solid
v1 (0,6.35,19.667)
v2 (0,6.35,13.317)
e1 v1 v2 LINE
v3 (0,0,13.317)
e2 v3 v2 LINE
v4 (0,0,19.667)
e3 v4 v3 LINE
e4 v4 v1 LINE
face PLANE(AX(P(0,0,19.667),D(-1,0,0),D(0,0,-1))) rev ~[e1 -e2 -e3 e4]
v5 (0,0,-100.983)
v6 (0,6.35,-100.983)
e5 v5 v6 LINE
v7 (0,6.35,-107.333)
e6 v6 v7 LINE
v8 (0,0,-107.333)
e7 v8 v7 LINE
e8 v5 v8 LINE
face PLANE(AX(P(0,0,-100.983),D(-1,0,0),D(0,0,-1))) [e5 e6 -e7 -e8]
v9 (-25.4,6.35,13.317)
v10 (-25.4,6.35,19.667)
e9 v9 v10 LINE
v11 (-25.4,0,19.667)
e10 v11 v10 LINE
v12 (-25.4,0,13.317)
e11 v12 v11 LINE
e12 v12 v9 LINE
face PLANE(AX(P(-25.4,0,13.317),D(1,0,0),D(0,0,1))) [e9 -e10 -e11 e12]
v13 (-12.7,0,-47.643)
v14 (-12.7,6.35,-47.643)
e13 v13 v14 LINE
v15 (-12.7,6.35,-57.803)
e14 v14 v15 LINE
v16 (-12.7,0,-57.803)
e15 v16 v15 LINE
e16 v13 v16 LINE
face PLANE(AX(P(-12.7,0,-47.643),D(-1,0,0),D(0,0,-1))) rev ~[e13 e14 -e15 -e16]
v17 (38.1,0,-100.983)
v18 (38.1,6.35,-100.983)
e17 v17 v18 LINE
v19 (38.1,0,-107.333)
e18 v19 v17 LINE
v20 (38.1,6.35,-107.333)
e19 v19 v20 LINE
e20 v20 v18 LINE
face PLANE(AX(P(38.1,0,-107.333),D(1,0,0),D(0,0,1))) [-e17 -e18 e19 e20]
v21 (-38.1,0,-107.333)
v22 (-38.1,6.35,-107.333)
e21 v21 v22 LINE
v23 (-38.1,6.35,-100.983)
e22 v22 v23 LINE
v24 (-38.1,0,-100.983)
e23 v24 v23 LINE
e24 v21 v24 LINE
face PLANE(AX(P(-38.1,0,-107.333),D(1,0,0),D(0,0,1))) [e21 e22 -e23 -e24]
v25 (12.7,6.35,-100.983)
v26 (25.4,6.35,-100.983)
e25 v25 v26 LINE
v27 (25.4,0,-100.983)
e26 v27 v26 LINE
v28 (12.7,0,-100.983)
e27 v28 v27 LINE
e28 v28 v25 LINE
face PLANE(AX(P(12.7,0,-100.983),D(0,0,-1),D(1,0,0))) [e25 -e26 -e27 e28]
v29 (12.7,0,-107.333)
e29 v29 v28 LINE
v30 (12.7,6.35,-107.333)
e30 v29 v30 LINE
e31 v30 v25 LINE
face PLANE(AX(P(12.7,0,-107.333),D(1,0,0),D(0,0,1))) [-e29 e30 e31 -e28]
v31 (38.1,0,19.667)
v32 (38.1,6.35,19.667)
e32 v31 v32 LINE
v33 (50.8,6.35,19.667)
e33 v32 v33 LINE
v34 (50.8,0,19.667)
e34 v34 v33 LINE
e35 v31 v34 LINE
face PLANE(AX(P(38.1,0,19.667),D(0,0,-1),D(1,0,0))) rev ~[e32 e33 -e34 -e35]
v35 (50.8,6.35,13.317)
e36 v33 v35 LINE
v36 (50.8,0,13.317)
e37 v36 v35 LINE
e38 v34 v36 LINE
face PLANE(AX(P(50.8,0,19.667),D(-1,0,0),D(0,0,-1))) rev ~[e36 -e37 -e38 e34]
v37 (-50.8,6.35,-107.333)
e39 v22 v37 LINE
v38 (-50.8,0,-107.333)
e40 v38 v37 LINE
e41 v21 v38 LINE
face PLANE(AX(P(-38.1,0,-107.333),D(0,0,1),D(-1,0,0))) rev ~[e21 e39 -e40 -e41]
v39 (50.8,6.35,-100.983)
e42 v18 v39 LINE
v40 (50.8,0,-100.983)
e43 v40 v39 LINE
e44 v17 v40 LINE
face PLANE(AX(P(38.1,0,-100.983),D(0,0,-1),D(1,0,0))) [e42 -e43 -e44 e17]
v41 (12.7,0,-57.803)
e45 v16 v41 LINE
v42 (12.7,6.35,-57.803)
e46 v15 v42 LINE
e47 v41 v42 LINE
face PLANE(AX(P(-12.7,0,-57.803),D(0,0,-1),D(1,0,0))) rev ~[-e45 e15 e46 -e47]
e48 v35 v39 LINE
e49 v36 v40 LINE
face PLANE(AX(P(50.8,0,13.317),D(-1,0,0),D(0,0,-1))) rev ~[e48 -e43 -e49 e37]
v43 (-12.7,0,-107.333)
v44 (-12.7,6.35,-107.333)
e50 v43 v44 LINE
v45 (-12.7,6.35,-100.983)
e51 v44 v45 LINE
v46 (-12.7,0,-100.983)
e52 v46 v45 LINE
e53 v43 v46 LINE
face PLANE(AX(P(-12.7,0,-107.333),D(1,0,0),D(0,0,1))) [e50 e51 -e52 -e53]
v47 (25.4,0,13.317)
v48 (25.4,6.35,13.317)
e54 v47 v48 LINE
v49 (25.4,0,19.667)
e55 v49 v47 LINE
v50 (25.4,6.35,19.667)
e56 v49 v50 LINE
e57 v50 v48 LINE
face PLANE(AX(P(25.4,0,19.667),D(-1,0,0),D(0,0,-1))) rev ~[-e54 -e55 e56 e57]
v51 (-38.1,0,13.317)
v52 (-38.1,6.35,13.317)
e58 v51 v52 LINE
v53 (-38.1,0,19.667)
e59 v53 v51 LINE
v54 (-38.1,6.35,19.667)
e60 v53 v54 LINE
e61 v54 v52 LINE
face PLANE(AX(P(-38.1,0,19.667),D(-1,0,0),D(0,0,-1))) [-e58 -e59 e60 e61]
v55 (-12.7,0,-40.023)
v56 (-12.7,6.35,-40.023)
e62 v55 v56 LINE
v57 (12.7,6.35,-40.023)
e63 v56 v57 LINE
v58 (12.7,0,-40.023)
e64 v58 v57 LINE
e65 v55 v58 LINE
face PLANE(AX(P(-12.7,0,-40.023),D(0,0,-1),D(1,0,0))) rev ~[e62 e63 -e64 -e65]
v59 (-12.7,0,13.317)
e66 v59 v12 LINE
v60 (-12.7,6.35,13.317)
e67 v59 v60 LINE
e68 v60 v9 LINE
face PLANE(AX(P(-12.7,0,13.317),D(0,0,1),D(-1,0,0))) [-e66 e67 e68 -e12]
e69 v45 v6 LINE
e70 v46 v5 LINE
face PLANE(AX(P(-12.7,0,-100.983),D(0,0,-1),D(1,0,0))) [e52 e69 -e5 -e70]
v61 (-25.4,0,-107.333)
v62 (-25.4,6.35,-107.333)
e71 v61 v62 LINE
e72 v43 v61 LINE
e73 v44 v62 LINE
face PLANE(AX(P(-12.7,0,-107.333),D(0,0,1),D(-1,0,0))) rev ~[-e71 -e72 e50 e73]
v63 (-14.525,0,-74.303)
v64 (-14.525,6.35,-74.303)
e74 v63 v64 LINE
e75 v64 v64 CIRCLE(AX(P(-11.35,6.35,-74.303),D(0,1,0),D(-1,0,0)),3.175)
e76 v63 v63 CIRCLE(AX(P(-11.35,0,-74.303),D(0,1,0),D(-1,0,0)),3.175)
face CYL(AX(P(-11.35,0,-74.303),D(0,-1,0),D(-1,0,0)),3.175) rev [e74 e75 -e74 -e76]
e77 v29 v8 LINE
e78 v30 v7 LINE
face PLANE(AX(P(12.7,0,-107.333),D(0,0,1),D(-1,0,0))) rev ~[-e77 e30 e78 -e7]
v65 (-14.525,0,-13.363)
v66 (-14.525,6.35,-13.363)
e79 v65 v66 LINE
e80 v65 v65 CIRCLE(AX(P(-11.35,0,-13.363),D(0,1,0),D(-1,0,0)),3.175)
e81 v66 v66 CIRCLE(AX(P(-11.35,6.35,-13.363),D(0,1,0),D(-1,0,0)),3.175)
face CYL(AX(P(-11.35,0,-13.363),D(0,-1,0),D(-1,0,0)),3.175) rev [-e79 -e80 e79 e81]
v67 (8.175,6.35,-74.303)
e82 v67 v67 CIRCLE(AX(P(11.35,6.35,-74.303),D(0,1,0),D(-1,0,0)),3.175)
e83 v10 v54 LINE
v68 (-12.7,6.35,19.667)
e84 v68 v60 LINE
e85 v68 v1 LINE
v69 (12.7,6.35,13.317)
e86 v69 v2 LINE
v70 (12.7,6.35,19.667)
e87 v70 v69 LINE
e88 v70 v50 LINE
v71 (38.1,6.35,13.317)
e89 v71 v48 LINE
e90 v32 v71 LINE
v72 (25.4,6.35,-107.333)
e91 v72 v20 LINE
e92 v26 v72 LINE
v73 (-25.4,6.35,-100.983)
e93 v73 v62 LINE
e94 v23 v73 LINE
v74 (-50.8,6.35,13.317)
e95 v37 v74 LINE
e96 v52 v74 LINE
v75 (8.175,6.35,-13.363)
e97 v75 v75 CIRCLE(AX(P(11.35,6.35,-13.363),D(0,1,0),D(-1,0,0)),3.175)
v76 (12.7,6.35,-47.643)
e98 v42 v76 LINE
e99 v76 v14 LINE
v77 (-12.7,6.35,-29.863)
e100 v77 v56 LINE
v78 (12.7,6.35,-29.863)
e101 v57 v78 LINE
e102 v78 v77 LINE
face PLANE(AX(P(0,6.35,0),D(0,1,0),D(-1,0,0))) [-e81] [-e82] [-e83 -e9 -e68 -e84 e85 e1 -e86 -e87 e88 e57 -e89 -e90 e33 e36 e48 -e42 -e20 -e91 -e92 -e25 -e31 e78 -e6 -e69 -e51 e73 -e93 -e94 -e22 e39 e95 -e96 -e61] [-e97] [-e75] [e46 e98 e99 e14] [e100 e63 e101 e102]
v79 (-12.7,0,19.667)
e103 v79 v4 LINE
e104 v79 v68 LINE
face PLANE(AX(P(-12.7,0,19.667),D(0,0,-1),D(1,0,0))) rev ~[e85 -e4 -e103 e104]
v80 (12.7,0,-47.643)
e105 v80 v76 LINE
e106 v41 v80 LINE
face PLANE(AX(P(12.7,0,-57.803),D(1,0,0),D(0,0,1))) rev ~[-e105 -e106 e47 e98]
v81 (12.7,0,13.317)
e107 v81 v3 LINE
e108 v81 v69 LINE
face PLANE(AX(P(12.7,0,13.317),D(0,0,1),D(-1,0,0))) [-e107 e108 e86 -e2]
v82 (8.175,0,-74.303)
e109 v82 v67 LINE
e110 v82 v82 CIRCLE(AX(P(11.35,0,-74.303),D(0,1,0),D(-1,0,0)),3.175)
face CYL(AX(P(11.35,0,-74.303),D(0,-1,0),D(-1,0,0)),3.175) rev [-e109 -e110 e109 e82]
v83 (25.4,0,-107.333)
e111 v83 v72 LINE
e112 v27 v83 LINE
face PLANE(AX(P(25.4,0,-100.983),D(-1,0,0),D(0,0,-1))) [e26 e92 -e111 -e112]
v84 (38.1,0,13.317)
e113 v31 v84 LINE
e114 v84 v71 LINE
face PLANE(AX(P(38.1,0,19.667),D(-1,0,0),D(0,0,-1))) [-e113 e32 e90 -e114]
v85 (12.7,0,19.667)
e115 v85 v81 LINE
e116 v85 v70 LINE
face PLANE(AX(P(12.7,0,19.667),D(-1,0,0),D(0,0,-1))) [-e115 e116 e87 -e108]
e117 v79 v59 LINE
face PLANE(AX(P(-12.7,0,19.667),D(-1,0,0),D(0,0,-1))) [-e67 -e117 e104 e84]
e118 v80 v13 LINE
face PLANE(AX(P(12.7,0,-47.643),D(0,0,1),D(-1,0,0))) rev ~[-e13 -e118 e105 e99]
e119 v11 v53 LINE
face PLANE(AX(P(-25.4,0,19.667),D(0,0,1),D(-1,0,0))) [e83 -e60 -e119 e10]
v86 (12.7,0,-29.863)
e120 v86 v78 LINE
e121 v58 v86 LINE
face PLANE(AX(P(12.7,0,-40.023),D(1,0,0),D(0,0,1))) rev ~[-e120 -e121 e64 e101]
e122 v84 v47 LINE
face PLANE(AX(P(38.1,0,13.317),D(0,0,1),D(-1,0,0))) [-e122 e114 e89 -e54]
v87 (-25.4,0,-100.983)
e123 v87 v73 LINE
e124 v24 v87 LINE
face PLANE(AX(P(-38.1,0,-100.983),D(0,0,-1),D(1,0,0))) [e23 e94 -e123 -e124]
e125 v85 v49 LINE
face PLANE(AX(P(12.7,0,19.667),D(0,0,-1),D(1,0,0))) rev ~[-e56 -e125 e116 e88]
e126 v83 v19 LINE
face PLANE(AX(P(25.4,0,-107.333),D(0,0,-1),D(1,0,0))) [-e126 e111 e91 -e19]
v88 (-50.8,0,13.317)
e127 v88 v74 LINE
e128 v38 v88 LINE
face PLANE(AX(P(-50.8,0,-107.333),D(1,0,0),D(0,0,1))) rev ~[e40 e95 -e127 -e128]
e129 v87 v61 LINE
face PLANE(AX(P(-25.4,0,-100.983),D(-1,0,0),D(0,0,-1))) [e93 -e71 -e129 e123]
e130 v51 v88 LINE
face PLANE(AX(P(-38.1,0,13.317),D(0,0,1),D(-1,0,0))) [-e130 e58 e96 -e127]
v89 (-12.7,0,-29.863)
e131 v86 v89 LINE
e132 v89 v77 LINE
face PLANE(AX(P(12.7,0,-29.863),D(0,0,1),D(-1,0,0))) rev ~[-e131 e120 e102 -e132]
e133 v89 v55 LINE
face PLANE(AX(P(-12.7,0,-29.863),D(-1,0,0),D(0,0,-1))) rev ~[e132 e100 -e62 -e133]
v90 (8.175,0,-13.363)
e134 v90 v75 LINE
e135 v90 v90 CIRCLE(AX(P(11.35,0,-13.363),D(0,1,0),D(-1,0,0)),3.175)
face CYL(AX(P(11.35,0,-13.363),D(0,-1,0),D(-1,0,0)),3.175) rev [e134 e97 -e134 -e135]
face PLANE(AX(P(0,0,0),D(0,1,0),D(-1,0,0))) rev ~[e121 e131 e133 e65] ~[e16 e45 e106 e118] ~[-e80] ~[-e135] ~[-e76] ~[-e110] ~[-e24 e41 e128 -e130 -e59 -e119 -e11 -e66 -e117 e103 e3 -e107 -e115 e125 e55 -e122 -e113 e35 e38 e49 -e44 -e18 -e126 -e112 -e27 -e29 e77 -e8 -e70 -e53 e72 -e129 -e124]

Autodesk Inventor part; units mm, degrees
ref_plane "YZ Plane" through (0, 0, 0) normal (1, 0, 0) x (0, 1, 0)
ref_plane "XZ Plane" through (0, 0, 0) normal (0, 1, 0) x (-1, 0, 0)
ref_plane "XY Plane" through (0, 0, 0) normal (0, 0, 1) x (1, 0, 0)
sketch "Sketch1" plane through (0, 0, 0) normal (0, 1, 0) x (-1, 0, 0)
  line L0 (38.1, 13.317) -> (50.8, 13.317)
  line L1 (25.4, 13.317) -> (25.4, 19.667)
  line L2 (25.4, 19.667) -> (38.1, 19.667)
  line L3 (38.1, 19.667) -> (38.1, 13.317)
  line L4 (12.7, 19.667) -> (12.7, 13.317)
  line L5 (12.7, 13.317) -> (25.4, 13.317)
  line L6 (25.4, 13.317) -> (25.4, 19.667)
  line L7 (12.7, 19.667) -> (0, 19.667)
  line L8 (0, 19.667) -> (0, 13.317)
  line L9 (12.7, 13.317) -> (12.7, 19.667)
  line L10 (-12.7, 19.667) -> (-12.7, 13.317)
  line L11 (-12.7, 13.317) -> (0, 13.317)
  line L12 (0, 13.317) -> (0, 19.667)
  line L13 (-12.7, 19.667) -> (-25.4, 19.667)
  line L14 (-25.4, 19.667) -> (-25.4, 13.317)
  line L15 (-12.7, 13.317) -> (-12.7, 19.667)
  line L16 (-38.1, 19.667) -> (-38.1, 13.317)
  line L17 (-38.1, 13.317) -> (-25.4, 13.317)
  line L18 (-25.4, 13.317) -> (-25.4, 19.667)
  line L19 (-38.1, 19.667) -> (-50.8, 19.667)
  line L20 (-50.8, 19.667) -> (-50.8, 13.317)
  line L21 (-38.1, 13.317) -> (-38.1, 19.667)
  line L22 (38.1, -107.333) -> (50.8, -107.333)
  line L23 (38.1, -100.983) -> (25.4, -100.983)
  line L24 (12.7, -107.333) -> (25.4, -107.333)
  line L25 (-12.7, -100.983) -> (-25.4, -100.983)
  line L26 (-25.4, -107.333) -> (-38.1, -107.333)
  line L27 (-38.1, -107.333) -> (-38.1, -100.983)
  line L28 (-38.1, -100.983) -> (-50.8, -100.983)
  line L29 (-25.4, -100.983) -> (-25.4, -107.333)
  line L30 (12.7, -100.983) -> (0, -100.983)
  line L31 (-12.7, -107.333) -> (-12.7, -100.983)
  line L32 (-12.7, -107.333) -> (0, -107.333)
  line L33 (0, -100.983) -> (0, -107.333)
  line L34 (12.7, -107.333) -> (12.7, -100.983)
  line L35 (25.4, -100.983) -> (25.4, -107.333)
  line L36 (38.1, -107.333) -> (38.1, -100.983)
  line L37 (-50.8, 13.317) -> (-38.1, 13.317) construction
  line L38 (50.8, -107.333) -> (50.8, 13.317)
  line L39 (-50.8, 13.317) -> (-50.8, -100.983)
  line L40 (12.7, -40.023) -> (-12.7, -40.023)
  line L41 (-12.7, -40.023) -> (-12.7, -29.863)
  line L42 (-12.7, -29.863) -> (12.7, -29.863)
  line L43 (12.7, -29.863) -> (12.7, -40.023)
  line L44 (12.7, -57.803) -> (-12.7, -57.803)
  line L45 (-12.7, -57.803) -> (-12.7, -47.643)
  line L46 (-12.7, -47.643) -> (12.7, -47.643)
  line L47 (12.7, -47.643) -> (12.7, -57.803)
  line L48 (0, 13.317) -> (0, -29.863) construction
  circle A0 centre (11.35, -74.303) radius 3.175
  circle A1 centre (-11.35, -74.303) radius 3.175
  circle A2 centre (11.35, -13.363) radius 3.175
  circle A3 centre (-11.35, -13.363) radius 3.175
  point P0 (0, 0)
  dimension "d4" = 12.7
  dimension "d6" = 12.7
  dimension "d7" = 6.35
  dimension "d8" = 12.7
  dimension "d9" = 6.35
  dimension "d10" = 12.7
  dimension "d11" = 6.35
  dimension "d12" = 12.7
  dimension "d13" = 6.35
  dimension "d14" = 12.7
  dimension "d15" = 6.35
  dimension "d16" = 12.7
  dimension "d17" = 6.35
  dimension "d21" = 12.7
  dimension "d22" = 12.7
  dimension "d23" = 12.7
  dimension "d24" = 12.7
  dimension "d25" = 12.7
  dimension "d27" = 12.7
  dimension "d28" = 12.7
  dimension "d31" = 6.35
  dimension "d35" = 12.7
  dimension "d39" = 6.35
  dimension "d40" = 6.35
  dimension "d43" = 6.35
  dimension "d45" = 6.35
  dimension "d46" = 12.7
  dimension "d47" = 6.35
  dimension "d53" = 90
  dimension "d54" = 90
  dimension "d55" = 90
  dimension "d56" = 90
  dimension "d57" = 90
  dimension "d58" = 90
  dimension "d59" = 90
  dimension "d60" = 90
  dimension "d61" = 90
  dimension "d62" = 90
  dimension "d63" = 90
  dimension "d64" = 90
  dimension "d65" = 90
  dimension "d68" = 6.35
  dimension "d69" = 6.35
  dimension "d70" = 6.35
  dimension "d71" = 0
  dimension "d72" = 90
  dimension "d73" = 90
  dimension "d74" = 90
  dimension "d75" = 90
  dimension "d76" = 90
  dimension "d77" = 90
  dimension "d78" = 90
  dimension "d79" = 90
  dimension "d80" = 90
  dimension "d81" = 90
  dimension "d82" = 90
  dimension "d83" = 90
  dimension "d84" = 90
  dimension "d86" = 127
  dimension "d89" = 25.4
  dimension "d90" = 10.16
  dimension "d92" = 38.1
  dimension "d93" = 25.4
  dimension "d94" = 10.16
extrude "Extrusion3" add sketch "Sketch1" along normal blind 6.35
properties part number "top" material "Polycarbonate, Clear"
